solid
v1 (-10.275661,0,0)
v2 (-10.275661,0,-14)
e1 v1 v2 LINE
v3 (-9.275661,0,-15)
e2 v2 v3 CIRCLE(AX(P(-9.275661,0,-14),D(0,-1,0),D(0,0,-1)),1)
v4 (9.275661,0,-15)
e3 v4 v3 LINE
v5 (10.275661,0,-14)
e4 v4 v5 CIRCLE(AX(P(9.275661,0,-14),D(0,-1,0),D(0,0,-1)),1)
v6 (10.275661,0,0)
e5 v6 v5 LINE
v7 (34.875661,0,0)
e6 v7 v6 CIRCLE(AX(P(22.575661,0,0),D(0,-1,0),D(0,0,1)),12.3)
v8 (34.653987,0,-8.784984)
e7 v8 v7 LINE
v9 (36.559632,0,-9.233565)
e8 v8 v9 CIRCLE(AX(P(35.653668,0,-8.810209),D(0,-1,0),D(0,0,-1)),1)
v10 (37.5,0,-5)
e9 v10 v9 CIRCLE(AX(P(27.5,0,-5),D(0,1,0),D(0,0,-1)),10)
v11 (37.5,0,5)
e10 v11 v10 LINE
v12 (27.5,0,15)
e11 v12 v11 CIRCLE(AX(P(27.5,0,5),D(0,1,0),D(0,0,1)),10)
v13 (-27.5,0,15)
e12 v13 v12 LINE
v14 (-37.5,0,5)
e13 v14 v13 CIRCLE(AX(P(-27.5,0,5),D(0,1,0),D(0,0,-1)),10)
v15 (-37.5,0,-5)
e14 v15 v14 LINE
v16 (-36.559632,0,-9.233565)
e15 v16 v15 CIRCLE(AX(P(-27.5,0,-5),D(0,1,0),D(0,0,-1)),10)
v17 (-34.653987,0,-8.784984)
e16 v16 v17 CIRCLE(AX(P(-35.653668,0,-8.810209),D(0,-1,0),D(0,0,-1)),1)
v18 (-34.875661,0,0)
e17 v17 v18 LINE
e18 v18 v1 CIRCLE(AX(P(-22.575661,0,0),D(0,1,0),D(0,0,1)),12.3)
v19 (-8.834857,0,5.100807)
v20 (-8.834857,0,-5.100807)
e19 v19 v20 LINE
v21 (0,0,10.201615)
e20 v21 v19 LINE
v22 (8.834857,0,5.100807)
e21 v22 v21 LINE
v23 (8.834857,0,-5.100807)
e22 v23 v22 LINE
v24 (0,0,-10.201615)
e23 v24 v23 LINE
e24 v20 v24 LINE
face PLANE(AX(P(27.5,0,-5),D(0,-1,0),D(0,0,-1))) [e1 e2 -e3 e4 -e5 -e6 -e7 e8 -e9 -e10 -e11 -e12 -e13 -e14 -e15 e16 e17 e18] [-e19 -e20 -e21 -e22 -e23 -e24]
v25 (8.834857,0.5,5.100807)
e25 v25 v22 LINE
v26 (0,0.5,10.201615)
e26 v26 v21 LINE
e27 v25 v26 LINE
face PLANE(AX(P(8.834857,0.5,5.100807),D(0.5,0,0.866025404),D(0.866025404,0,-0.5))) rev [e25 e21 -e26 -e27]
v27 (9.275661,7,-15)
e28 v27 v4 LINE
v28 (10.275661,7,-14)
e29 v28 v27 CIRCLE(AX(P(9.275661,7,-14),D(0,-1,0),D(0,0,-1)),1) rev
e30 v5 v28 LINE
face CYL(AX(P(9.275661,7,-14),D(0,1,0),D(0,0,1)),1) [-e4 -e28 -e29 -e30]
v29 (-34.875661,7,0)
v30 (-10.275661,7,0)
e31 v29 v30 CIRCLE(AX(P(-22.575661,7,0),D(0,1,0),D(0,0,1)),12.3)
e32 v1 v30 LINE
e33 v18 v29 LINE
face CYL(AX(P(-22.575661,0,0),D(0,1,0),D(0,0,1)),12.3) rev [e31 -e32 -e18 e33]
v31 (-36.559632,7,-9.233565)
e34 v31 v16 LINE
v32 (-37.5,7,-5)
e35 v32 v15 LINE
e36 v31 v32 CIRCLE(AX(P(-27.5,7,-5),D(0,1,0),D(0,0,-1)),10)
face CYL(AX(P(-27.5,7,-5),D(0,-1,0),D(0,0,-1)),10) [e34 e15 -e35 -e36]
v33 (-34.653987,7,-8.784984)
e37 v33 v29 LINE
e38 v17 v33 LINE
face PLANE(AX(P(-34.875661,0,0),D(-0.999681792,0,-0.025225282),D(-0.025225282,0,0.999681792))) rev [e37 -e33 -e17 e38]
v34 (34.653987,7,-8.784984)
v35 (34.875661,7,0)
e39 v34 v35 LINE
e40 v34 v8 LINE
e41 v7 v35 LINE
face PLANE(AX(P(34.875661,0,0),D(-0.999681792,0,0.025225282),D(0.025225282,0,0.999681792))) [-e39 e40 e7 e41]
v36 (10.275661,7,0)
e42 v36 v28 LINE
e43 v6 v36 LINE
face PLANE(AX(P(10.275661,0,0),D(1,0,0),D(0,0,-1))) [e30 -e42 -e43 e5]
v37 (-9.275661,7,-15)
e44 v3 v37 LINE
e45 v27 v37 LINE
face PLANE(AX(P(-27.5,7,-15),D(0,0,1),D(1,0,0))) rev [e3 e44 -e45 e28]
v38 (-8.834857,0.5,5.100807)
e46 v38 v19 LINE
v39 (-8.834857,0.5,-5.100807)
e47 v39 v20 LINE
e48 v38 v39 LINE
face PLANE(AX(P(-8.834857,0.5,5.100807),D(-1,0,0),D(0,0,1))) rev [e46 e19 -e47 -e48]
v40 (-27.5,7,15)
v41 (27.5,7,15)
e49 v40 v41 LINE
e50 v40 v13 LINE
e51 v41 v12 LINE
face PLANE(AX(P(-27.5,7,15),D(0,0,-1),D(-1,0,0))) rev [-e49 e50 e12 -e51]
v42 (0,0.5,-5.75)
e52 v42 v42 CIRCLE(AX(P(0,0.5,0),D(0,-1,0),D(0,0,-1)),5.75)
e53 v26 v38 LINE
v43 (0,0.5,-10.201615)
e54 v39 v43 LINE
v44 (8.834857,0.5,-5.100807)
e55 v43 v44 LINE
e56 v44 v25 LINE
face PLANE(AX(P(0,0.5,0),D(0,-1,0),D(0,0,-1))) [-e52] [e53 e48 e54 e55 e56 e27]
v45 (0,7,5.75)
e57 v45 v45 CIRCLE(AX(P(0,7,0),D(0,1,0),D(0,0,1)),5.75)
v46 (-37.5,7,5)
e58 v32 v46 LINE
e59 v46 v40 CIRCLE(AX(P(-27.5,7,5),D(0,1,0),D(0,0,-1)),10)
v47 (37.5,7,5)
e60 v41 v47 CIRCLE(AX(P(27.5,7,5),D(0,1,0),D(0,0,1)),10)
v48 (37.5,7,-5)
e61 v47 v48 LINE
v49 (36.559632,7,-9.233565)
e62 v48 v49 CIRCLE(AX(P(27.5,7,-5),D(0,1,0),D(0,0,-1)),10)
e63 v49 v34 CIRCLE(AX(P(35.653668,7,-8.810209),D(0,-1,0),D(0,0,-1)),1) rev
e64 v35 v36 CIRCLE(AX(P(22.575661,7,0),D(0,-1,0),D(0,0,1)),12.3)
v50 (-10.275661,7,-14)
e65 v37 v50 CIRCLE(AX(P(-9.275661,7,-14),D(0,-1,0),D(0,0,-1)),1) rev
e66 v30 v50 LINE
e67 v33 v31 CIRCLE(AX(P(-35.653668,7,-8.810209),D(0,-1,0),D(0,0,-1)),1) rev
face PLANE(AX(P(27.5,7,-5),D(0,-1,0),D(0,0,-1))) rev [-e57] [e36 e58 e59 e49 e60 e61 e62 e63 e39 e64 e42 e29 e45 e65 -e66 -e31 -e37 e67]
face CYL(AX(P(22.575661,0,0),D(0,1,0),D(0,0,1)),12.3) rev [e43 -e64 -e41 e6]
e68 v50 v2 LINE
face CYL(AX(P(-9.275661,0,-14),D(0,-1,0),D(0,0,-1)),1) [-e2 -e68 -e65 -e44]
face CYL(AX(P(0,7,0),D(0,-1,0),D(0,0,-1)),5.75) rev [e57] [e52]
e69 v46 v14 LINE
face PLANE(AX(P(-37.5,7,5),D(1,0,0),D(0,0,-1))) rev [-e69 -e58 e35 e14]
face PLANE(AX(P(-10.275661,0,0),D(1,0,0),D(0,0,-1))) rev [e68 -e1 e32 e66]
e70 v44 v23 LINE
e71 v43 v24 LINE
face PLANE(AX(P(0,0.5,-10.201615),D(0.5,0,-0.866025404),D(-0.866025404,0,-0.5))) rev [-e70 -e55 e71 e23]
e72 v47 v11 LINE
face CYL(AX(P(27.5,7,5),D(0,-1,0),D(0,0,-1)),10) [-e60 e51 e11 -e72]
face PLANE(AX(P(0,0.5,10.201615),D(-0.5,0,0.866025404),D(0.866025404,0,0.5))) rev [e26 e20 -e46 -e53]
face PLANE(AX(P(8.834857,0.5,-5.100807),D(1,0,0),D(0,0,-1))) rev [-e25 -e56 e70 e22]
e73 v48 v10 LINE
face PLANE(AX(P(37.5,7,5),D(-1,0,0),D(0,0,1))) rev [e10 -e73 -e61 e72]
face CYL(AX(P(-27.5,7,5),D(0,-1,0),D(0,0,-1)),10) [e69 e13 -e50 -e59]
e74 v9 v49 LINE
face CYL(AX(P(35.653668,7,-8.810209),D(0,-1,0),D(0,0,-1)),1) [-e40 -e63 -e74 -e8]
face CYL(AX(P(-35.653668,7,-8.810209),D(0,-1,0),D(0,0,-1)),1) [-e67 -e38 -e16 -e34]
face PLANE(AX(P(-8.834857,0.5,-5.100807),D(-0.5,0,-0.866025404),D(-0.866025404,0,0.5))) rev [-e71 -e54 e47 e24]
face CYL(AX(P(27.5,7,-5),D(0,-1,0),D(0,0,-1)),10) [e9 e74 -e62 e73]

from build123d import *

# Parameters (mm, degrees)
SKETCH1_R           = 5.75
BOSS_EXTRUDE1_DEPTH = 7
CUT_EXTRUDE1_DEPTH  = 7
FILLET1_R           = 1
FILLET2_R           = 1
FILLET3_R           = 1
FILLET4_R           = 1
CUT_EXTRUDE2_DEPTH  = 0.5


with BuildPart() as part:
    # Sketch1 → Boss-Extrude1 (new body)
    with BuildSketch(Plane(origin=(0, 0, 0), x_dir=(1, 0, 0), z_dir=(0, 1, 0))):
        with BuildLine():
            Line((-27.5, -15), (27.5, -15))
            ThreePointArc((27.5, -15), (34.571067812, -12.071067812), (37.5, -5))
            Line((37.5, -5), (37.5, 5))
            ThreePointArc((37.5, 5), (34.571067812, 12.071067812), (27.5, 15))
            Line((27.5, 15), (-27.5, 15))
            ThreePointArc((-27.5, 15), (-34.571067812, 12.071067812), (-37.5, 5))
            Line((-37.5, 5), (-37.5, -5))
            ThreePointArc((-37.5, -5), (-34.571067812, -12.071067812), (-27.5, -15))
        make_face()
        Circle(SKETCH1_R, mode=Mode.SUBTRACT)
    extrude(amount=BOSS_EXTRUDE1_DEPTH)

    # Sketch2 → Cut-Extrude1 (cut)
    with BuildSketch(Plane(origin=(0, 7, 0), x_dir=(1, 0, 0), z_dir=(0, 1, 0))):
        with BuildLine():
            Line((-34.875660829, 0), (-34.571067812, 12.071067812))
            Line((-34.571067812, 12.071067812), (-34.571067812, 15))
            Line((-34.571067812, 15), (-27.5, 15))
            Line((-27.5, 15), (-10.275660829, 15))
            Line((-10.275660829, 15), (-10.275660829, 0))
            ThreePointArc((-10.275660829, 0), (-22.575660829, -12.3), (-34.875660829, 0))
        make_face()
    cut_extrude1 = extrude(amount=-CUT_EXTRUDE1_DEPTH, mode=Mode.SUBTRACT)

    # Fillet1
    fillet1_edges = [part.edges().sort_by_distance(p)[0] for p in [
        (-34.571067812, 3.5, -12.071067812),
    ]]
    fillet(fillet1_edges, radius=FILLET1_R)

    # Fillet2
    fillet2_edges = [part.edges().sort_by_distance(p)[0] for p in [
        (-10.275660829, 3.5, -15),
    ]]
    fillet(fillet2_edges, radius=FILLET2_R)

    # Mirror1: Cut-Extrude1 across plane
    add(cut_extrude1.mirror(Plane.ZY), mode=Mode.SUBTRACT)

    # Fillet3
    fillet3_edges = [part.edges().sort_by_distance(p)[0] for p in [
        (10.275660829, 3.5, -15),
    ]]
    fillet(fillet3_edges, radius=FILLET3_R)

    # Fillet4
    fillet4_edges = [part.edges().sort_by_distance(p)[0] for p in [
        (34.571067812, 3.5, -12.071067812),
    ]]
    fillet(fillet4_edges, radius=FILLET4_R)

    # Sketch3 → Cut-Extrude2 (cut)
    with BuildSketch(Plane.XZ):
        Polygon((0, 10.201614586), (-8.834857391, 5.100807293), (-8.834857391, -5.100807293), (0, -10.201614586), (8.834857391, -5.100807293), (8.834857391, 5.100807293), align=None)
    extrude(amount=-CUT_EXTRUDE2_DEPTH, mode=Mode.SUBTRACT)


solid = part.part
